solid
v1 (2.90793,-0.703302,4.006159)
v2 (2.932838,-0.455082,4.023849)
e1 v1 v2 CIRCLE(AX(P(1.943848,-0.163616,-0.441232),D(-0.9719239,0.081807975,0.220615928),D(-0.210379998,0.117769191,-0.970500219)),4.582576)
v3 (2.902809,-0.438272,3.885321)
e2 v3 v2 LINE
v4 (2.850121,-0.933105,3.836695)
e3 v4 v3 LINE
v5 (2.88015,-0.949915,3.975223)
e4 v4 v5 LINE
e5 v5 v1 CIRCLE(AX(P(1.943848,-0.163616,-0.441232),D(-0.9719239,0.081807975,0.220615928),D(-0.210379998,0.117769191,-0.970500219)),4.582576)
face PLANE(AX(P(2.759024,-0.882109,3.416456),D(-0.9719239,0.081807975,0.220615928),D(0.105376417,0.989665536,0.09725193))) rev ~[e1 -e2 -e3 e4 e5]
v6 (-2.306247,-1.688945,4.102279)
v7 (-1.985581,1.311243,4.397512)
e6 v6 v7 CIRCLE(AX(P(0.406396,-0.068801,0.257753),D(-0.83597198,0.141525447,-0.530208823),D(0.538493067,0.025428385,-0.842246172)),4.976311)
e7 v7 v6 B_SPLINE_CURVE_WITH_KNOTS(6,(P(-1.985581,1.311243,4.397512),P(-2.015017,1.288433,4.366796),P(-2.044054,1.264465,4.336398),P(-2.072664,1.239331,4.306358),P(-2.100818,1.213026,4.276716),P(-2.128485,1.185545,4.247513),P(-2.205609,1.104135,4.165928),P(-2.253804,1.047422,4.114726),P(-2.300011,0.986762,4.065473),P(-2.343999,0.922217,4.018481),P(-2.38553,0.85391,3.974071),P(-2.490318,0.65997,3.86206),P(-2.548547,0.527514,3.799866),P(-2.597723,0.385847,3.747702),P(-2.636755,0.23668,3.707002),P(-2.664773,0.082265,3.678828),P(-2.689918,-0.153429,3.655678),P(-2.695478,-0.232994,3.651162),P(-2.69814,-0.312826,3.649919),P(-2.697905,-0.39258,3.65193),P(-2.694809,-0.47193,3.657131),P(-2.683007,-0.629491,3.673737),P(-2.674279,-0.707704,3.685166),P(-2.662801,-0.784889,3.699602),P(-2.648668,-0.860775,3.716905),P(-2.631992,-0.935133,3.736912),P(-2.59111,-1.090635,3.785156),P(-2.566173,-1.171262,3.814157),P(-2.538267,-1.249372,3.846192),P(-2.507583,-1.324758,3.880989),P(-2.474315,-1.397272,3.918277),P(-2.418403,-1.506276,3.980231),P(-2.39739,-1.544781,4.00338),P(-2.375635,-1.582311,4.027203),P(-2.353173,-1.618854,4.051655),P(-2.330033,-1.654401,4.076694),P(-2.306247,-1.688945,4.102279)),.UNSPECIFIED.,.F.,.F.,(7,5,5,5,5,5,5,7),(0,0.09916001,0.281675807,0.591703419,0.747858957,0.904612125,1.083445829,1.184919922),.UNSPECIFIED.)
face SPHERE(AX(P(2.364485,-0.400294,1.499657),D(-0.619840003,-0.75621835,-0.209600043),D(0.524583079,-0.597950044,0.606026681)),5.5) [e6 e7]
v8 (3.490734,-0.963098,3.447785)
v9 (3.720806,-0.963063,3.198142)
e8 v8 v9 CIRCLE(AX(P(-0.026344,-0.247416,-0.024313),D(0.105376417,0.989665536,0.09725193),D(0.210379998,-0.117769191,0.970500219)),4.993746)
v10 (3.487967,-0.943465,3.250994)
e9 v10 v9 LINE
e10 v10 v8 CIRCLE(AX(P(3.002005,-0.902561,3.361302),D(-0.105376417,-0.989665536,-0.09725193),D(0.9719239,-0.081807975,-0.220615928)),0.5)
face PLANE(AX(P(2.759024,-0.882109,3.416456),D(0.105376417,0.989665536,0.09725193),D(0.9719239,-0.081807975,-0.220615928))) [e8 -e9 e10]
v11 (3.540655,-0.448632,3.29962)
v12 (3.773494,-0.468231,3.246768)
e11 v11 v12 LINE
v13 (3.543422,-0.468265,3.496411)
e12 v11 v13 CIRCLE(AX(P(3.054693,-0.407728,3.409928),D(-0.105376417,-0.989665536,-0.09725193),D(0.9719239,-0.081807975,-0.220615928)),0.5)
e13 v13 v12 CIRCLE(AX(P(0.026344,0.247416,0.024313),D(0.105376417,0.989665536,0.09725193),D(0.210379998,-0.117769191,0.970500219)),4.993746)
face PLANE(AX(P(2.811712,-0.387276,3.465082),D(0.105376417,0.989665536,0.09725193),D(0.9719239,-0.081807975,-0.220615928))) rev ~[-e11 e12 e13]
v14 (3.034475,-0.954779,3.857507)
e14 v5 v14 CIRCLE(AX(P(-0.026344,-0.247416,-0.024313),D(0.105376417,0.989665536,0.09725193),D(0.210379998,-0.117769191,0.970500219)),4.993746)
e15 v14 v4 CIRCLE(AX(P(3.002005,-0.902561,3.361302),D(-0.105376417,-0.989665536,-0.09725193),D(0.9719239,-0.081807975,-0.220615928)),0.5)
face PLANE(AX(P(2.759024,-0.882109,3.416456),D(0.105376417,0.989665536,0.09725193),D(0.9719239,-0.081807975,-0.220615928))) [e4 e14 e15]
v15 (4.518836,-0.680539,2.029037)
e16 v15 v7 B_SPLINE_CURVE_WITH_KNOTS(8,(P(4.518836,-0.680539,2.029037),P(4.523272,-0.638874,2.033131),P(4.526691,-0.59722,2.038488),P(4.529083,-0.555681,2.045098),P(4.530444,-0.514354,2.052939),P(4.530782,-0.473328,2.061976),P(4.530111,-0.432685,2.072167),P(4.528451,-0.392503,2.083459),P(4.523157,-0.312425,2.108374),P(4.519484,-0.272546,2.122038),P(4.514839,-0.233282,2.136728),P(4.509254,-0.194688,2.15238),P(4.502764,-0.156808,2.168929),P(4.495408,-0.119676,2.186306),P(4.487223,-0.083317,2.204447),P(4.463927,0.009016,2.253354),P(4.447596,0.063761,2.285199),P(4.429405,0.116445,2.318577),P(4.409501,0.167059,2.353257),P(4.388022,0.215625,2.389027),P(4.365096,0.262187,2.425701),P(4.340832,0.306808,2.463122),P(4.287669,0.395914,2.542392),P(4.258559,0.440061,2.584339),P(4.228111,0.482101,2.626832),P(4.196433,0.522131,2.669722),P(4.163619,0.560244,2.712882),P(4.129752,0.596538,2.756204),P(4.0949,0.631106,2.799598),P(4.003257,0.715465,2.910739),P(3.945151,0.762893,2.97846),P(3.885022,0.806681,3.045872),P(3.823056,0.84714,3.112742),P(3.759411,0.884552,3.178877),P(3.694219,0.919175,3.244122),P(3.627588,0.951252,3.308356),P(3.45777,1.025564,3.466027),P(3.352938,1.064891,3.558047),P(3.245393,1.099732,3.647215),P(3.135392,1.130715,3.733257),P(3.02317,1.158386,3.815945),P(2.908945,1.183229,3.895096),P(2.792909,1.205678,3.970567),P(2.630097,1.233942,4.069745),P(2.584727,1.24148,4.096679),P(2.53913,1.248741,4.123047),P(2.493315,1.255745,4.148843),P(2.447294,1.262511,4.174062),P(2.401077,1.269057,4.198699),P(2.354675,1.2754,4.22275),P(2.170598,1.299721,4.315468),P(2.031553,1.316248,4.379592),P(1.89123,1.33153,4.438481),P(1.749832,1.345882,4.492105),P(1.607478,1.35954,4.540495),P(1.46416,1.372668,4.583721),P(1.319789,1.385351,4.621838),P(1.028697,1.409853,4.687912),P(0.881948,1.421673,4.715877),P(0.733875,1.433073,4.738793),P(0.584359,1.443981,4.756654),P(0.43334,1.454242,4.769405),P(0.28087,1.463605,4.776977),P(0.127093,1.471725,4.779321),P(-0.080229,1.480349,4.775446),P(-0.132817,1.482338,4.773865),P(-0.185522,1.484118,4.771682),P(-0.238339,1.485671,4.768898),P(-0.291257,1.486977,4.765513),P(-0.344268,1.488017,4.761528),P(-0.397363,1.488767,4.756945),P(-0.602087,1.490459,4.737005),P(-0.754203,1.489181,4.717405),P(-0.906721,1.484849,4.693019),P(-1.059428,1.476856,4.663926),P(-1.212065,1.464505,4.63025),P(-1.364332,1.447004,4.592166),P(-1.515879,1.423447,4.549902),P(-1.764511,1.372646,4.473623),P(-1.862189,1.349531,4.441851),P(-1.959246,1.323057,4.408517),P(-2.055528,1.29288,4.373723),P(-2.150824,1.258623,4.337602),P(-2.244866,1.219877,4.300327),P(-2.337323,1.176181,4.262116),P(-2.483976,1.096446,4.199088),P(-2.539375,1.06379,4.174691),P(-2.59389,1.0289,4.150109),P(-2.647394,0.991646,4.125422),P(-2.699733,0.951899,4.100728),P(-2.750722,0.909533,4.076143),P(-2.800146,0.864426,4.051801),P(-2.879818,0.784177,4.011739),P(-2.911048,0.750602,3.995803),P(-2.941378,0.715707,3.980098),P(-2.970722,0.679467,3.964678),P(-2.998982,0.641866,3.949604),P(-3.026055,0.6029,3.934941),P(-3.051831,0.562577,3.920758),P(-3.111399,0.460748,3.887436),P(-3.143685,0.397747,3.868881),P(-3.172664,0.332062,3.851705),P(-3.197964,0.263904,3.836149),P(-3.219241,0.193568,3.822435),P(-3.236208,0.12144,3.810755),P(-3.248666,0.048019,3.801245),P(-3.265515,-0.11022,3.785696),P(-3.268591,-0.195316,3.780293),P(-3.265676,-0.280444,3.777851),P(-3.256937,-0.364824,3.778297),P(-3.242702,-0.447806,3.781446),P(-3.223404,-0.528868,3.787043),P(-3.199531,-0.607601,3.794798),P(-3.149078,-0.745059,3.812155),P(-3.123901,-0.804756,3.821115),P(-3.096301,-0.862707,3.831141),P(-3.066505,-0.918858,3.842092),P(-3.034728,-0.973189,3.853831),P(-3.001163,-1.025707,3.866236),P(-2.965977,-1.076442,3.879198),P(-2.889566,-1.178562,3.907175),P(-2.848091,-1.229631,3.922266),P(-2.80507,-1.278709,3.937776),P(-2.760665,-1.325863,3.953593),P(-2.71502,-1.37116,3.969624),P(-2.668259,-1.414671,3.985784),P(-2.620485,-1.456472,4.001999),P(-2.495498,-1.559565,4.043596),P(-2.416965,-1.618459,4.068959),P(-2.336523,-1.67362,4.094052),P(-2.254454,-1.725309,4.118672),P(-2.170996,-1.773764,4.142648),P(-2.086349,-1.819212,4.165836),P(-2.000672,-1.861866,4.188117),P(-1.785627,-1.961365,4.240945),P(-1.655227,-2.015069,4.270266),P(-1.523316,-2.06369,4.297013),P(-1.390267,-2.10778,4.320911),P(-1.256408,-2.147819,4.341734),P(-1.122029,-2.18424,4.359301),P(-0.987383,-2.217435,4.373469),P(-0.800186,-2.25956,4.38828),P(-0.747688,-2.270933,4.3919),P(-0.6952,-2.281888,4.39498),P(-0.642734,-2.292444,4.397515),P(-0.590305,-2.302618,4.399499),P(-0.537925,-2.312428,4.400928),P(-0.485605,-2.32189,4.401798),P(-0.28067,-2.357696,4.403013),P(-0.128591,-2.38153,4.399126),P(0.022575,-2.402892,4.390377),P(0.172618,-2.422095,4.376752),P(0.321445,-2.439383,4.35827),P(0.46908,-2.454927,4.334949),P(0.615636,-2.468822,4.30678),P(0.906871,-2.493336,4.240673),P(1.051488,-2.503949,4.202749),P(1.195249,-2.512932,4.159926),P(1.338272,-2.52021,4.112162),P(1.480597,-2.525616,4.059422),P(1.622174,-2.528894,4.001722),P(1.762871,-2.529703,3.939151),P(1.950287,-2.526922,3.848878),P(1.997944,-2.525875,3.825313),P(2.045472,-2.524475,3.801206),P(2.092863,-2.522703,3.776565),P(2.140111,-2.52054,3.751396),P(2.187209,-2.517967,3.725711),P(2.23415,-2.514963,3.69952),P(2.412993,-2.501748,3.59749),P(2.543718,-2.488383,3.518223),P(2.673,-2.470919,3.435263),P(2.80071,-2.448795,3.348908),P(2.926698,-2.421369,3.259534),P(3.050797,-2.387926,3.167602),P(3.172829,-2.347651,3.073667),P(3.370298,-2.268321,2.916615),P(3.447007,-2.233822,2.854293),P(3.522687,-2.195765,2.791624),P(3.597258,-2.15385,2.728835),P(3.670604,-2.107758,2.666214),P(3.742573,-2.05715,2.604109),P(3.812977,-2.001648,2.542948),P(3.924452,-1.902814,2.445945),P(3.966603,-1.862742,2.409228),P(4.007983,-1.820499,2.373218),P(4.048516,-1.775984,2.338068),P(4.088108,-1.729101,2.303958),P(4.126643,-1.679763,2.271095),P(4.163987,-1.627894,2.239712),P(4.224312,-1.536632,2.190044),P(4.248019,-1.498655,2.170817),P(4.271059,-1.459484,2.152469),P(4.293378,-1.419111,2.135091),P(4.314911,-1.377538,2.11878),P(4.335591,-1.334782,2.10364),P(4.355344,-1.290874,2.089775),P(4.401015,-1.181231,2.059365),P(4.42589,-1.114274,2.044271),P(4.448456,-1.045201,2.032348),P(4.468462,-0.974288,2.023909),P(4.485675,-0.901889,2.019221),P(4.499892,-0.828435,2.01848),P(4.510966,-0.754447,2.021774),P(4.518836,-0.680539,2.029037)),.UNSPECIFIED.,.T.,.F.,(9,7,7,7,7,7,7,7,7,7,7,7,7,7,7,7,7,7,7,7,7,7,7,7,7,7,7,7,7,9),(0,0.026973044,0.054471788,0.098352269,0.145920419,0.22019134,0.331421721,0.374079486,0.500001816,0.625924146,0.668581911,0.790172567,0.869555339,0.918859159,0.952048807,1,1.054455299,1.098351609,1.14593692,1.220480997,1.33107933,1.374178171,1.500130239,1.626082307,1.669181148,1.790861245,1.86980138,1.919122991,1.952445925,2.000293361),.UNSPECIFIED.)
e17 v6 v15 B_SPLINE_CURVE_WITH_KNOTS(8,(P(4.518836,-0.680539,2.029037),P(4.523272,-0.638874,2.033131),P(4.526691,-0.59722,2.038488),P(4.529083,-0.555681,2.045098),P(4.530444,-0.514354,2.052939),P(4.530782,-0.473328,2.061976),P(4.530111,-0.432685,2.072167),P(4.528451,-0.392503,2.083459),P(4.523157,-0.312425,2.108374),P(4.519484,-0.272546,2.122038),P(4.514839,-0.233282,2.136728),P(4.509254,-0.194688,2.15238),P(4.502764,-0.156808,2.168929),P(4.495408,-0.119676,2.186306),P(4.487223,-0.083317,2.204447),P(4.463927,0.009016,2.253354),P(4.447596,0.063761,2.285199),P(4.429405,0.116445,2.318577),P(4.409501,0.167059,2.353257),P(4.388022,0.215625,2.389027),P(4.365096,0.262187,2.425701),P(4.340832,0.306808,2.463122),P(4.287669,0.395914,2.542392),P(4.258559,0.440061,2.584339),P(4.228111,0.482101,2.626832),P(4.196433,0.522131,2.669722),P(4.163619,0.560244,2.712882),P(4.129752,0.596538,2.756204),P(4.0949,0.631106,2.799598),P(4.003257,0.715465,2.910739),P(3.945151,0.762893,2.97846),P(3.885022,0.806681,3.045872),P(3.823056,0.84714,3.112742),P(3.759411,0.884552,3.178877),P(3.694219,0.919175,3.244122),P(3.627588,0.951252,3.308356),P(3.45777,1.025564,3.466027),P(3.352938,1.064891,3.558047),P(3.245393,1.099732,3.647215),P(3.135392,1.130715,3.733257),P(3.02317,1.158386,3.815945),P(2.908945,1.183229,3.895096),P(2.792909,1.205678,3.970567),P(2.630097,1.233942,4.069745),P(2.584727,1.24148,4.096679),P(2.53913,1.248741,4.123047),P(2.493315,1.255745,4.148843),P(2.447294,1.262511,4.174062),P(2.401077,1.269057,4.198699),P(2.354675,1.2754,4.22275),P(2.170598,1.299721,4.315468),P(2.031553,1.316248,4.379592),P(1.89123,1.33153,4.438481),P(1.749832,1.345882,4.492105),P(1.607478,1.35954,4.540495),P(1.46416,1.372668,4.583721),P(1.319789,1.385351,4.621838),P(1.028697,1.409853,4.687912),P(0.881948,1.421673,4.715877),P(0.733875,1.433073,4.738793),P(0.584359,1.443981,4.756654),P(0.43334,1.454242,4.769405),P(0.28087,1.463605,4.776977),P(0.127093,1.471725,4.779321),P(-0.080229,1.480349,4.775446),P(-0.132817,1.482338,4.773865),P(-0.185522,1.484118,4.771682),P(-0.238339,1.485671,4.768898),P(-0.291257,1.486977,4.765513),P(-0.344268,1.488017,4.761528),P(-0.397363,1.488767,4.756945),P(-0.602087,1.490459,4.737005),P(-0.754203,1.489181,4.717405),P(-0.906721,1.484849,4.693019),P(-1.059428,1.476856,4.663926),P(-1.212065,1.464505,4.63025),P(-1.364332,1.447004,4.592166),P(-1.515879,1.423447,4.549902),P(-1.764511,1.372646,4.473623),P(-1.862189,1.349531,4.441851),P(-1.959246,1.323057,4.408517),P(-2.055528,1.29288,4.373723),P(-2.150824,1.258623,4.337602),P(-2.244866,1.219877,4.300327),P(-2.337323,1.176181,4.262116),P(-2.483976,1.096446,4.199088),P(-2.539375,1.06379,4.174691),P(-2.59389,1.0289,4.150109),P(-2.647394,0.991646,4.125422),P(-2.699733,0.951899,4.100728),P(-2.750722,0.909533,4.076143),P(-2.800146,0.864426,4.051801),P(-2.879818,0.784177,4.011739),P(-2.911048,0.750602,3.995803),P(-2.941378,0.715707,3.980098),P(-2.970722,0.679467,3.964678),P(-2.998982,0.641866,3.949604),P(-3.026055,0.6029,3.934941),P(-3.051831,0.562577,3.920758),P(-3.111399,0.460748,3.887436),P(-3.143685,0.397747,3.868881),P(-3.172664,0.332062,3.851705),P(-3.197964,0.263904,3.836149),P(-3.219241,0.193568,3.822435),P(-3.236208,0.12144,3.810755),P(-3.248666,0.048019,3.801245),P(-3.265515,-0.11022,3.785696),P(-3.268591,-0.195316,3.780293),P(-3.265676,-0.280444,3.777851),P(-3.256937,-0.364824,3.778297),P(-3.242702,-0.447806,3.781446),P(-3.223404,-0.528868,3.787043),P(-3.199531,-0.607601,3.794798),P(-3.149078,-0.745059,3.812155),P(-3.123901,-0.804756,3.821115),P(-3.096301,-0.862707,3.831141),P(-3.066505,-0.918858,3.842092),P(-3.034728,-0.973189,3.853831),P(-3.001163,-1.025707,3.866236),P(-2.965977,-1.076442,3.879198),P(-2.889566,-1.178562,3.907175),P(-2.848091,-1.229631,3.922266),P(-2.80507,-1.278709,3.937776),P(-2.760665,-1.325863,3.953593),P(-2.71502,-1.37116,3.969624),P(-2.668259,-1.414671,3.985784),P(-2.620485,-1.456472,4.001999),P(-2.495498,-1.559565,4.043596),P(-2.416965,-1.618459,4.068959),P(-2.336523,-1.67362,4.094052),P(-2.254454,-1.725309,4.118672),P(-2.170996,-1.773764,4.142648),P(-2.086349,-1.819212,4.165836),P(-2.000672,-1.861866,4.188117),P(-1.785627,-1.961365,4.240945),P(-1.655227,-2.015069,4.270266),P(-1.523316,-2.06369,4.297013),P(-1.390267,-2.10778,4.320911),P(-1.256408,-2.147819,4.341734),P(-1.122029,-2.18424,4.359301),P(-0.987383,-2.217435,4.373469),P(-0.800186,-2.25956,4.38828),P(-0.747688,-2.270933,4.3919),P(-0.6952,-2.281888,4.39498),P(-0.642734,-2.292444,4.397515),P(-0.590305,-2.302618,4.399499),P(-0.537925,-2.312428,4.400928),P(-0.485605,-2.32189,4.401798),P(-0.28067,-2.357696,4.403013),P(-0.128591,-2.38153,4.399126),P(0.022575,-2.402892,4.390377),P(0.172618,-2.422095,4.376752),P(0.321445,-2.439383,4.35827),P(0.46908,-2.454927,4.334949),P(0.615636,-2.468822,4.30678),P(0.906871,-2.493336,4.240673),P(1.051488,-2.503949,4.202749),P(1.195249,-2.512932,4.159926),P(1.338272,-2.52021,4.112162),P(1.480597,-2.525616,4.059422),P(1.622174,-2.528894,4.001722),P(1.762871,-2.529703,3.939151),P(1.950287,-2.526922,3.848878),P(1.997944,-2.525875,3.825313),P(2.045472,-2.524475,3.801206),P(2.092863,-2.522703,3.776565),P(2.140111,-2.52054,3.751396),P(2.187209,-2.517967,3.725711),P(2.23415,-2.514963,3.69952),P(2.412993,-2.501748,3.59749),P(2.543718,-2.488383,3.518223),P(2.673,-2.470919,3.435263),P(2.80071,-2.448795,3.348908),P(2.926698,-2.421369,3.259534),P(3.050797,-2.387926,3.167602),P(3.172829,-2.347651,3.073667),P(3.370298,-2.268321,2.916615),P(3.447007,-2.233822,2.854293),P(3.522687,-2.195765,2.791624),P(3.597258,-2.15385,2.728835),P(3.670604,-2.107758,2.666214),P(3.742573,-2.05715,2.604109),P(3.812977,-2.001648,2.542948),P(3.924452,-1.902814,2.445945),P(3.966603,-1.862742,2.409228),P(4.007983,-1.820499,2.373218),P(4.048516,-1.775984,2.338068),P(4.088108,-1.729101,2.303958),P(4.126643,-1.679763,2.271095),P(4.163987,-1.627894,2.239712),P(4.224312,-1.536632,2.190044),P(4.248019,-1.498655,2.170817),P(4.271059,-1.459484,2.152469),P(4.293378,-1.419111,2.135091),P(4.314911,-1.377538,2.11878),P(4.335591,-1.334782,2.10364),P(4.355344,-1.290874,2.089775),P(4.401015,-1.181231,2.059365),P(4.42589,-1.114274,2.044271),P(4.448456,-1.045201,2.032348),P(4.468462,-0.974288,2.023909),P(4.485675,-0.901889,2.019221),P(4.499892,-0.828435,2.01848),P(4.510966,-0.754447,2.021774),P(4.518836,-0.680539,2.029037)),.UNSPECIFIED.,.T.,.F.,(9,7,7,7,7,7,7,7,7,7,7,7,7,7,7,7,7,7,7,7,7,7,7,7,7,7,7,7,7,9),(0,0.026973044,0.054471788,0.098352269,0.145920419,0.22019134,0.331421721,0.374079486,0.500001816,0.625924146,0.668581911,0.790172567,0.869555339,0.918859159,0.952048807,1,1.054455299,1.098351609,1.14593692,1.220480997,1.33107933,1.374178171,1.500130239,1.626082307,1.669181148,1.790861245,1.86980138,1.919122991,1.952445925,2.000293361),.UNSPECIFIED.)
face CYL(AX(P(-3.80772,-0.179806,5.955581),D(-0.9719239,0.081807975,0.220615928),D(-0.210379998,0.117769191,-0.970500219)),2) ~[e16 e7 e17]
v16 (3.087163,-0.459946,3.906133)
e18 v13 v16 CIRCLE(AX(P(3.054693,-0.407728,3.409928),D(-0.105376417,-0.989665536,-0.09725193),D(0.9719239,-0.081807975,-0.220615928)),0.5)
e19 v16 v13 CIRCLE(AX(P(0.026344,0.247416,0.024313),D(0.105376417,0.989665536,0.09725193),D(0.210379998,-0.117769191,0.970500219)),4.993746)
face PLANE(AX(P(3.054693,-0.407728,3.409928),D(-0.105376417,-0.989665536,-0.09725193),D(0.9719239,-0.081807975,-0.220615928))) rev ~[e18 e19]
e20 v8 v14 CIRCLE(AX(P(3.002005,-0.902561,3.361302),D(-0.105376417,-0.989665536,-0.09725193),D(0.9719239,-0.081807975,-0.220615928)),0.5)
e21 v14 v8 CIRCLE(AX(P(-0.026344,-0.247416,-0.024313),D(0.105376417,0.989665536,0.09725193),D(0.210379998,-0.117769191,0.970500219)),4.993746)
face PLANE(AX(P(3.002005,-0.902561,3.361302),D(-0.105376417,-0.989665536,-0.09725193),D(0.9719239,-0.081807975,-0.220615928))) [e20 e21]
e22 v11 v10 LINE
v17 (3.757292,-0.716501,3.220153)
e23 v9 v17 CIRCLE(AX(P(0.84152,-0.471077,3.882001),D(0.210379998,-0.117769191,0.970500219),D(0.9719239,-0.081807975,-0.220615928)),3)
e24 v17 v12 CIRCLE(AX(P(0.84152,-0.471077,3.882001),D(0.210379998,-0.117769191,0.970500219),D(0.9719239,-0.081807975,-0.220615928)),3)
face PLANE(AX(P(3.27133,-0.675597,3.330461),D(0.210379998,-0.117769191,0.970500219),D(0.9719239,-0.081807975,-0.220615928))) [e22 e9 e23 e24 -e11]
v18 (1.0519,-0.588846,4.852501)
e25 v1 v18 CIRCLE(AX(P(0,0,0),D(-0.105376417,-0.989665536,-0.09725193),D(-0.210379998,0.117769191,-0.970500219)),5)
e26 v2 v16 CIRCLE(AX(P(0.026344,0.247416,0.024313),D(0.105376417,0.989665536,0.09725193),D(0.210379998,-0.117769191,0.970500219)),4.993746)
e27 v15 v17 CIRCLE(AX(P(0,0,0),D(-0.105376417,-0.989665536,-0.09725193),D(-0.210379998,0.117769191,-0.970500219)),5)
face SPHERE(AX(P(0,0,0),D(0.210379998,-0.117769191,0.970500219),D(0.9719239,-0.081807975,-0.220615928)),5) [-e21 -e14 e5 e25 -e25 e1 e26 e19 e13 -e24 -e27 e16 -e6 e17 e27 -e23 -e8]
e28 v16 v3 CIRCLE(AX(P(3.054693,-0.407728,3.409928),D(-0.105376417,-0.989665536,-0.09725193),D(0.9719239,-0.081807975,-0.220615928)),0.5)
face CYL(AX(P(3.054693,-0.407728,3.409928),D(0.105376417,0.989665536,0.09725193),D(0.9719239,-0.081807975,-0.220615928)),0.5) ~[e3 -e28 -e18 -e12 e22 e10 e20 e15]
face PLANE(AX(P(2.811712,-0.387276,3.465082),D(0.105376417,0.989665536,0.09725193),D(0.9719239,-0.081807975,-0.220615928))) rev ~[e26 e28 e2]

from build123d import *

# Parameters (mm, degrees)
CYLINDER001_R             = 0.5
CYLINDER001_DEPTH         = 0.5
CYLINDER001_ROLL_ANGLE    = 90
BOX_W                     = 1
BOX_H                     = 0.5
BOX_DEPTH                 = 4
CYLINDER_R                = 2
CYLINDER_DEPTH            = 10
CYLINDER_PITCH_ANGLE      = 90
SPHERE001_ROLL_ANGLE      = 112.509495
SPHERE001_PITCH_ANGLE     = -50.257982
SPHERE001_PLACEMENT_ANGLE = -48.327625
FUSION_ROLL_ANGLE         = 5.722395
FUSION_PITCH_ANGLE        = 12.745212
FUSION_PLACEMENT_ANGLE    = -4.811312


with BuildPart() as cylinder001:
    # Cylinder001 → Cylinder001 (new body)
    with BuildSketch(Plane.XY):
        Circle(CYLINDER001_R)
    extrude(amount=CYLINDER001_DEPTH)


with BuildPart() as cylinder001_1:
    # Cylinder001 roll: moved
    add(cylinder001.part.rotate(Axis((0, 0, 0), (1, 0, 0)), CYLINDER001_ROLL_ANGLE))


with BuildPart() as cylinder001_2:
    # Cylinder001 placement: moved
    add(cylinder001_1.part.moved(Location((2.25, 0.25, 4))))


with BuildPart() as cube:
    # Box → Box (new body)
    with BuildSketch(Plane(origin=(2, -0.25, 4), x_dir=(1, 0, 0), z_dir=(0, 0, 1))):
        with Locations((0.5, 0.25)):
            Rectangle(BOX_W, BOX_H)
    extrude(amount=BOX_DEPTH)


with BuildPart() as cylinder:
    # Cylinder → Cylinder (new body)
    with BuildSketch(Plane.XY):
        Circle(CYLINDER_R)
    extrude(amount=CYLINDER_DEPTH)


with BuildPart() as cylinder_1:
    # Cylinder pitch: moved
    add(cylinder.part.rotate(Axis((0, 0, 0), (0, 1, 0)), CYLINDER_PITCH_ANGLE))


with BuildPart() as cylinder_2:
    # Cylinder placement: moved
    add(cylinder_1.part.moved(Location((-5, 0, 5))))


with BuildPart() as common:
    # Sphere → Sphere (revolve)
    with BuildSketch(Plane.XZ):
        with BuildLine():
            ThreePointArc((0, -5), (5, 0), (0, 5))
            Line((0, 5), (0, -5))
        make_face()
    revolve(axis=Axis((0, 0, 0), (0, 0, 1)))

    # Common: intersect Cylinder
    add(cylinder_2.part, mode=Mode.INTERSECT)


with BuildPart() as fusion:
    # Sphere001 → Sphere001 (revolve)
    with BuildSketch(Plane.XZ):
        with BuildLine():
            ThreePointArc((0, -5.5), (5.5, 0), (0, 5.5))
            Line((0, 5.5), (0, -5.5))
        make_face()
    revolve(axis=Axis((0, 0, 0), (0, 0, 1)))


with BuildPart() as fusion_1:
    # Sphere001 roll: moved
    add(fusion.part.rotate(Axis((0, 0, 0), (1, 0, 0)), SPHERE001_ROLL_ANGLE))


with BuildPart() as fusion_2:
    # Sphere001 pitch: moved
    add(fusion_1.part.rotate(Axis((0, 0, 0), (0, 1, 0)), SPHERE001_PITCH_ANGLE))


with BuildPart() as fusion_3:
    # Sphere001 placement: moved
    add(fusion_2.part.moved(Location((1.999999, -0.001152, 2))).rotate(Axis((1.999999, -0.001152, 2), (0, 0, 1)), SPHERE001_PLACEMENT_ANGLE))

    # Common001: intersect Common
    add(common.part, mode=Mode.INTERSECT)

    # Cut: cut Cube
    add(cube.part, mode=Mode.SUBTRACT)

    # Fusion: union Cylinder001
    add(cylinder001_2.part)


with BuildPart() as fusion_4:
    # Fusion roll: moved
    add(fusion_3.part.rotate(Axis((0, 0, 0), (1, 0, 0)), FUSION_ROLL_ANGLE))


with BuildPart() as fusion_5:
    # Fusion pitch: moved
    add(fusion_4.part.rotate(Axis((0, 0, 0), (0, 1, 0)), FUSION_PITCH_ANGLE))


with BuildPart() as fusion_6:
    # Fusion placement: moved
    add(fusion_5.part.rotate(Axis((0, 0, 0), (0, 0, 1)), FUSION_PLACEMENT_ANGLE))


solid = fusion_6.part
